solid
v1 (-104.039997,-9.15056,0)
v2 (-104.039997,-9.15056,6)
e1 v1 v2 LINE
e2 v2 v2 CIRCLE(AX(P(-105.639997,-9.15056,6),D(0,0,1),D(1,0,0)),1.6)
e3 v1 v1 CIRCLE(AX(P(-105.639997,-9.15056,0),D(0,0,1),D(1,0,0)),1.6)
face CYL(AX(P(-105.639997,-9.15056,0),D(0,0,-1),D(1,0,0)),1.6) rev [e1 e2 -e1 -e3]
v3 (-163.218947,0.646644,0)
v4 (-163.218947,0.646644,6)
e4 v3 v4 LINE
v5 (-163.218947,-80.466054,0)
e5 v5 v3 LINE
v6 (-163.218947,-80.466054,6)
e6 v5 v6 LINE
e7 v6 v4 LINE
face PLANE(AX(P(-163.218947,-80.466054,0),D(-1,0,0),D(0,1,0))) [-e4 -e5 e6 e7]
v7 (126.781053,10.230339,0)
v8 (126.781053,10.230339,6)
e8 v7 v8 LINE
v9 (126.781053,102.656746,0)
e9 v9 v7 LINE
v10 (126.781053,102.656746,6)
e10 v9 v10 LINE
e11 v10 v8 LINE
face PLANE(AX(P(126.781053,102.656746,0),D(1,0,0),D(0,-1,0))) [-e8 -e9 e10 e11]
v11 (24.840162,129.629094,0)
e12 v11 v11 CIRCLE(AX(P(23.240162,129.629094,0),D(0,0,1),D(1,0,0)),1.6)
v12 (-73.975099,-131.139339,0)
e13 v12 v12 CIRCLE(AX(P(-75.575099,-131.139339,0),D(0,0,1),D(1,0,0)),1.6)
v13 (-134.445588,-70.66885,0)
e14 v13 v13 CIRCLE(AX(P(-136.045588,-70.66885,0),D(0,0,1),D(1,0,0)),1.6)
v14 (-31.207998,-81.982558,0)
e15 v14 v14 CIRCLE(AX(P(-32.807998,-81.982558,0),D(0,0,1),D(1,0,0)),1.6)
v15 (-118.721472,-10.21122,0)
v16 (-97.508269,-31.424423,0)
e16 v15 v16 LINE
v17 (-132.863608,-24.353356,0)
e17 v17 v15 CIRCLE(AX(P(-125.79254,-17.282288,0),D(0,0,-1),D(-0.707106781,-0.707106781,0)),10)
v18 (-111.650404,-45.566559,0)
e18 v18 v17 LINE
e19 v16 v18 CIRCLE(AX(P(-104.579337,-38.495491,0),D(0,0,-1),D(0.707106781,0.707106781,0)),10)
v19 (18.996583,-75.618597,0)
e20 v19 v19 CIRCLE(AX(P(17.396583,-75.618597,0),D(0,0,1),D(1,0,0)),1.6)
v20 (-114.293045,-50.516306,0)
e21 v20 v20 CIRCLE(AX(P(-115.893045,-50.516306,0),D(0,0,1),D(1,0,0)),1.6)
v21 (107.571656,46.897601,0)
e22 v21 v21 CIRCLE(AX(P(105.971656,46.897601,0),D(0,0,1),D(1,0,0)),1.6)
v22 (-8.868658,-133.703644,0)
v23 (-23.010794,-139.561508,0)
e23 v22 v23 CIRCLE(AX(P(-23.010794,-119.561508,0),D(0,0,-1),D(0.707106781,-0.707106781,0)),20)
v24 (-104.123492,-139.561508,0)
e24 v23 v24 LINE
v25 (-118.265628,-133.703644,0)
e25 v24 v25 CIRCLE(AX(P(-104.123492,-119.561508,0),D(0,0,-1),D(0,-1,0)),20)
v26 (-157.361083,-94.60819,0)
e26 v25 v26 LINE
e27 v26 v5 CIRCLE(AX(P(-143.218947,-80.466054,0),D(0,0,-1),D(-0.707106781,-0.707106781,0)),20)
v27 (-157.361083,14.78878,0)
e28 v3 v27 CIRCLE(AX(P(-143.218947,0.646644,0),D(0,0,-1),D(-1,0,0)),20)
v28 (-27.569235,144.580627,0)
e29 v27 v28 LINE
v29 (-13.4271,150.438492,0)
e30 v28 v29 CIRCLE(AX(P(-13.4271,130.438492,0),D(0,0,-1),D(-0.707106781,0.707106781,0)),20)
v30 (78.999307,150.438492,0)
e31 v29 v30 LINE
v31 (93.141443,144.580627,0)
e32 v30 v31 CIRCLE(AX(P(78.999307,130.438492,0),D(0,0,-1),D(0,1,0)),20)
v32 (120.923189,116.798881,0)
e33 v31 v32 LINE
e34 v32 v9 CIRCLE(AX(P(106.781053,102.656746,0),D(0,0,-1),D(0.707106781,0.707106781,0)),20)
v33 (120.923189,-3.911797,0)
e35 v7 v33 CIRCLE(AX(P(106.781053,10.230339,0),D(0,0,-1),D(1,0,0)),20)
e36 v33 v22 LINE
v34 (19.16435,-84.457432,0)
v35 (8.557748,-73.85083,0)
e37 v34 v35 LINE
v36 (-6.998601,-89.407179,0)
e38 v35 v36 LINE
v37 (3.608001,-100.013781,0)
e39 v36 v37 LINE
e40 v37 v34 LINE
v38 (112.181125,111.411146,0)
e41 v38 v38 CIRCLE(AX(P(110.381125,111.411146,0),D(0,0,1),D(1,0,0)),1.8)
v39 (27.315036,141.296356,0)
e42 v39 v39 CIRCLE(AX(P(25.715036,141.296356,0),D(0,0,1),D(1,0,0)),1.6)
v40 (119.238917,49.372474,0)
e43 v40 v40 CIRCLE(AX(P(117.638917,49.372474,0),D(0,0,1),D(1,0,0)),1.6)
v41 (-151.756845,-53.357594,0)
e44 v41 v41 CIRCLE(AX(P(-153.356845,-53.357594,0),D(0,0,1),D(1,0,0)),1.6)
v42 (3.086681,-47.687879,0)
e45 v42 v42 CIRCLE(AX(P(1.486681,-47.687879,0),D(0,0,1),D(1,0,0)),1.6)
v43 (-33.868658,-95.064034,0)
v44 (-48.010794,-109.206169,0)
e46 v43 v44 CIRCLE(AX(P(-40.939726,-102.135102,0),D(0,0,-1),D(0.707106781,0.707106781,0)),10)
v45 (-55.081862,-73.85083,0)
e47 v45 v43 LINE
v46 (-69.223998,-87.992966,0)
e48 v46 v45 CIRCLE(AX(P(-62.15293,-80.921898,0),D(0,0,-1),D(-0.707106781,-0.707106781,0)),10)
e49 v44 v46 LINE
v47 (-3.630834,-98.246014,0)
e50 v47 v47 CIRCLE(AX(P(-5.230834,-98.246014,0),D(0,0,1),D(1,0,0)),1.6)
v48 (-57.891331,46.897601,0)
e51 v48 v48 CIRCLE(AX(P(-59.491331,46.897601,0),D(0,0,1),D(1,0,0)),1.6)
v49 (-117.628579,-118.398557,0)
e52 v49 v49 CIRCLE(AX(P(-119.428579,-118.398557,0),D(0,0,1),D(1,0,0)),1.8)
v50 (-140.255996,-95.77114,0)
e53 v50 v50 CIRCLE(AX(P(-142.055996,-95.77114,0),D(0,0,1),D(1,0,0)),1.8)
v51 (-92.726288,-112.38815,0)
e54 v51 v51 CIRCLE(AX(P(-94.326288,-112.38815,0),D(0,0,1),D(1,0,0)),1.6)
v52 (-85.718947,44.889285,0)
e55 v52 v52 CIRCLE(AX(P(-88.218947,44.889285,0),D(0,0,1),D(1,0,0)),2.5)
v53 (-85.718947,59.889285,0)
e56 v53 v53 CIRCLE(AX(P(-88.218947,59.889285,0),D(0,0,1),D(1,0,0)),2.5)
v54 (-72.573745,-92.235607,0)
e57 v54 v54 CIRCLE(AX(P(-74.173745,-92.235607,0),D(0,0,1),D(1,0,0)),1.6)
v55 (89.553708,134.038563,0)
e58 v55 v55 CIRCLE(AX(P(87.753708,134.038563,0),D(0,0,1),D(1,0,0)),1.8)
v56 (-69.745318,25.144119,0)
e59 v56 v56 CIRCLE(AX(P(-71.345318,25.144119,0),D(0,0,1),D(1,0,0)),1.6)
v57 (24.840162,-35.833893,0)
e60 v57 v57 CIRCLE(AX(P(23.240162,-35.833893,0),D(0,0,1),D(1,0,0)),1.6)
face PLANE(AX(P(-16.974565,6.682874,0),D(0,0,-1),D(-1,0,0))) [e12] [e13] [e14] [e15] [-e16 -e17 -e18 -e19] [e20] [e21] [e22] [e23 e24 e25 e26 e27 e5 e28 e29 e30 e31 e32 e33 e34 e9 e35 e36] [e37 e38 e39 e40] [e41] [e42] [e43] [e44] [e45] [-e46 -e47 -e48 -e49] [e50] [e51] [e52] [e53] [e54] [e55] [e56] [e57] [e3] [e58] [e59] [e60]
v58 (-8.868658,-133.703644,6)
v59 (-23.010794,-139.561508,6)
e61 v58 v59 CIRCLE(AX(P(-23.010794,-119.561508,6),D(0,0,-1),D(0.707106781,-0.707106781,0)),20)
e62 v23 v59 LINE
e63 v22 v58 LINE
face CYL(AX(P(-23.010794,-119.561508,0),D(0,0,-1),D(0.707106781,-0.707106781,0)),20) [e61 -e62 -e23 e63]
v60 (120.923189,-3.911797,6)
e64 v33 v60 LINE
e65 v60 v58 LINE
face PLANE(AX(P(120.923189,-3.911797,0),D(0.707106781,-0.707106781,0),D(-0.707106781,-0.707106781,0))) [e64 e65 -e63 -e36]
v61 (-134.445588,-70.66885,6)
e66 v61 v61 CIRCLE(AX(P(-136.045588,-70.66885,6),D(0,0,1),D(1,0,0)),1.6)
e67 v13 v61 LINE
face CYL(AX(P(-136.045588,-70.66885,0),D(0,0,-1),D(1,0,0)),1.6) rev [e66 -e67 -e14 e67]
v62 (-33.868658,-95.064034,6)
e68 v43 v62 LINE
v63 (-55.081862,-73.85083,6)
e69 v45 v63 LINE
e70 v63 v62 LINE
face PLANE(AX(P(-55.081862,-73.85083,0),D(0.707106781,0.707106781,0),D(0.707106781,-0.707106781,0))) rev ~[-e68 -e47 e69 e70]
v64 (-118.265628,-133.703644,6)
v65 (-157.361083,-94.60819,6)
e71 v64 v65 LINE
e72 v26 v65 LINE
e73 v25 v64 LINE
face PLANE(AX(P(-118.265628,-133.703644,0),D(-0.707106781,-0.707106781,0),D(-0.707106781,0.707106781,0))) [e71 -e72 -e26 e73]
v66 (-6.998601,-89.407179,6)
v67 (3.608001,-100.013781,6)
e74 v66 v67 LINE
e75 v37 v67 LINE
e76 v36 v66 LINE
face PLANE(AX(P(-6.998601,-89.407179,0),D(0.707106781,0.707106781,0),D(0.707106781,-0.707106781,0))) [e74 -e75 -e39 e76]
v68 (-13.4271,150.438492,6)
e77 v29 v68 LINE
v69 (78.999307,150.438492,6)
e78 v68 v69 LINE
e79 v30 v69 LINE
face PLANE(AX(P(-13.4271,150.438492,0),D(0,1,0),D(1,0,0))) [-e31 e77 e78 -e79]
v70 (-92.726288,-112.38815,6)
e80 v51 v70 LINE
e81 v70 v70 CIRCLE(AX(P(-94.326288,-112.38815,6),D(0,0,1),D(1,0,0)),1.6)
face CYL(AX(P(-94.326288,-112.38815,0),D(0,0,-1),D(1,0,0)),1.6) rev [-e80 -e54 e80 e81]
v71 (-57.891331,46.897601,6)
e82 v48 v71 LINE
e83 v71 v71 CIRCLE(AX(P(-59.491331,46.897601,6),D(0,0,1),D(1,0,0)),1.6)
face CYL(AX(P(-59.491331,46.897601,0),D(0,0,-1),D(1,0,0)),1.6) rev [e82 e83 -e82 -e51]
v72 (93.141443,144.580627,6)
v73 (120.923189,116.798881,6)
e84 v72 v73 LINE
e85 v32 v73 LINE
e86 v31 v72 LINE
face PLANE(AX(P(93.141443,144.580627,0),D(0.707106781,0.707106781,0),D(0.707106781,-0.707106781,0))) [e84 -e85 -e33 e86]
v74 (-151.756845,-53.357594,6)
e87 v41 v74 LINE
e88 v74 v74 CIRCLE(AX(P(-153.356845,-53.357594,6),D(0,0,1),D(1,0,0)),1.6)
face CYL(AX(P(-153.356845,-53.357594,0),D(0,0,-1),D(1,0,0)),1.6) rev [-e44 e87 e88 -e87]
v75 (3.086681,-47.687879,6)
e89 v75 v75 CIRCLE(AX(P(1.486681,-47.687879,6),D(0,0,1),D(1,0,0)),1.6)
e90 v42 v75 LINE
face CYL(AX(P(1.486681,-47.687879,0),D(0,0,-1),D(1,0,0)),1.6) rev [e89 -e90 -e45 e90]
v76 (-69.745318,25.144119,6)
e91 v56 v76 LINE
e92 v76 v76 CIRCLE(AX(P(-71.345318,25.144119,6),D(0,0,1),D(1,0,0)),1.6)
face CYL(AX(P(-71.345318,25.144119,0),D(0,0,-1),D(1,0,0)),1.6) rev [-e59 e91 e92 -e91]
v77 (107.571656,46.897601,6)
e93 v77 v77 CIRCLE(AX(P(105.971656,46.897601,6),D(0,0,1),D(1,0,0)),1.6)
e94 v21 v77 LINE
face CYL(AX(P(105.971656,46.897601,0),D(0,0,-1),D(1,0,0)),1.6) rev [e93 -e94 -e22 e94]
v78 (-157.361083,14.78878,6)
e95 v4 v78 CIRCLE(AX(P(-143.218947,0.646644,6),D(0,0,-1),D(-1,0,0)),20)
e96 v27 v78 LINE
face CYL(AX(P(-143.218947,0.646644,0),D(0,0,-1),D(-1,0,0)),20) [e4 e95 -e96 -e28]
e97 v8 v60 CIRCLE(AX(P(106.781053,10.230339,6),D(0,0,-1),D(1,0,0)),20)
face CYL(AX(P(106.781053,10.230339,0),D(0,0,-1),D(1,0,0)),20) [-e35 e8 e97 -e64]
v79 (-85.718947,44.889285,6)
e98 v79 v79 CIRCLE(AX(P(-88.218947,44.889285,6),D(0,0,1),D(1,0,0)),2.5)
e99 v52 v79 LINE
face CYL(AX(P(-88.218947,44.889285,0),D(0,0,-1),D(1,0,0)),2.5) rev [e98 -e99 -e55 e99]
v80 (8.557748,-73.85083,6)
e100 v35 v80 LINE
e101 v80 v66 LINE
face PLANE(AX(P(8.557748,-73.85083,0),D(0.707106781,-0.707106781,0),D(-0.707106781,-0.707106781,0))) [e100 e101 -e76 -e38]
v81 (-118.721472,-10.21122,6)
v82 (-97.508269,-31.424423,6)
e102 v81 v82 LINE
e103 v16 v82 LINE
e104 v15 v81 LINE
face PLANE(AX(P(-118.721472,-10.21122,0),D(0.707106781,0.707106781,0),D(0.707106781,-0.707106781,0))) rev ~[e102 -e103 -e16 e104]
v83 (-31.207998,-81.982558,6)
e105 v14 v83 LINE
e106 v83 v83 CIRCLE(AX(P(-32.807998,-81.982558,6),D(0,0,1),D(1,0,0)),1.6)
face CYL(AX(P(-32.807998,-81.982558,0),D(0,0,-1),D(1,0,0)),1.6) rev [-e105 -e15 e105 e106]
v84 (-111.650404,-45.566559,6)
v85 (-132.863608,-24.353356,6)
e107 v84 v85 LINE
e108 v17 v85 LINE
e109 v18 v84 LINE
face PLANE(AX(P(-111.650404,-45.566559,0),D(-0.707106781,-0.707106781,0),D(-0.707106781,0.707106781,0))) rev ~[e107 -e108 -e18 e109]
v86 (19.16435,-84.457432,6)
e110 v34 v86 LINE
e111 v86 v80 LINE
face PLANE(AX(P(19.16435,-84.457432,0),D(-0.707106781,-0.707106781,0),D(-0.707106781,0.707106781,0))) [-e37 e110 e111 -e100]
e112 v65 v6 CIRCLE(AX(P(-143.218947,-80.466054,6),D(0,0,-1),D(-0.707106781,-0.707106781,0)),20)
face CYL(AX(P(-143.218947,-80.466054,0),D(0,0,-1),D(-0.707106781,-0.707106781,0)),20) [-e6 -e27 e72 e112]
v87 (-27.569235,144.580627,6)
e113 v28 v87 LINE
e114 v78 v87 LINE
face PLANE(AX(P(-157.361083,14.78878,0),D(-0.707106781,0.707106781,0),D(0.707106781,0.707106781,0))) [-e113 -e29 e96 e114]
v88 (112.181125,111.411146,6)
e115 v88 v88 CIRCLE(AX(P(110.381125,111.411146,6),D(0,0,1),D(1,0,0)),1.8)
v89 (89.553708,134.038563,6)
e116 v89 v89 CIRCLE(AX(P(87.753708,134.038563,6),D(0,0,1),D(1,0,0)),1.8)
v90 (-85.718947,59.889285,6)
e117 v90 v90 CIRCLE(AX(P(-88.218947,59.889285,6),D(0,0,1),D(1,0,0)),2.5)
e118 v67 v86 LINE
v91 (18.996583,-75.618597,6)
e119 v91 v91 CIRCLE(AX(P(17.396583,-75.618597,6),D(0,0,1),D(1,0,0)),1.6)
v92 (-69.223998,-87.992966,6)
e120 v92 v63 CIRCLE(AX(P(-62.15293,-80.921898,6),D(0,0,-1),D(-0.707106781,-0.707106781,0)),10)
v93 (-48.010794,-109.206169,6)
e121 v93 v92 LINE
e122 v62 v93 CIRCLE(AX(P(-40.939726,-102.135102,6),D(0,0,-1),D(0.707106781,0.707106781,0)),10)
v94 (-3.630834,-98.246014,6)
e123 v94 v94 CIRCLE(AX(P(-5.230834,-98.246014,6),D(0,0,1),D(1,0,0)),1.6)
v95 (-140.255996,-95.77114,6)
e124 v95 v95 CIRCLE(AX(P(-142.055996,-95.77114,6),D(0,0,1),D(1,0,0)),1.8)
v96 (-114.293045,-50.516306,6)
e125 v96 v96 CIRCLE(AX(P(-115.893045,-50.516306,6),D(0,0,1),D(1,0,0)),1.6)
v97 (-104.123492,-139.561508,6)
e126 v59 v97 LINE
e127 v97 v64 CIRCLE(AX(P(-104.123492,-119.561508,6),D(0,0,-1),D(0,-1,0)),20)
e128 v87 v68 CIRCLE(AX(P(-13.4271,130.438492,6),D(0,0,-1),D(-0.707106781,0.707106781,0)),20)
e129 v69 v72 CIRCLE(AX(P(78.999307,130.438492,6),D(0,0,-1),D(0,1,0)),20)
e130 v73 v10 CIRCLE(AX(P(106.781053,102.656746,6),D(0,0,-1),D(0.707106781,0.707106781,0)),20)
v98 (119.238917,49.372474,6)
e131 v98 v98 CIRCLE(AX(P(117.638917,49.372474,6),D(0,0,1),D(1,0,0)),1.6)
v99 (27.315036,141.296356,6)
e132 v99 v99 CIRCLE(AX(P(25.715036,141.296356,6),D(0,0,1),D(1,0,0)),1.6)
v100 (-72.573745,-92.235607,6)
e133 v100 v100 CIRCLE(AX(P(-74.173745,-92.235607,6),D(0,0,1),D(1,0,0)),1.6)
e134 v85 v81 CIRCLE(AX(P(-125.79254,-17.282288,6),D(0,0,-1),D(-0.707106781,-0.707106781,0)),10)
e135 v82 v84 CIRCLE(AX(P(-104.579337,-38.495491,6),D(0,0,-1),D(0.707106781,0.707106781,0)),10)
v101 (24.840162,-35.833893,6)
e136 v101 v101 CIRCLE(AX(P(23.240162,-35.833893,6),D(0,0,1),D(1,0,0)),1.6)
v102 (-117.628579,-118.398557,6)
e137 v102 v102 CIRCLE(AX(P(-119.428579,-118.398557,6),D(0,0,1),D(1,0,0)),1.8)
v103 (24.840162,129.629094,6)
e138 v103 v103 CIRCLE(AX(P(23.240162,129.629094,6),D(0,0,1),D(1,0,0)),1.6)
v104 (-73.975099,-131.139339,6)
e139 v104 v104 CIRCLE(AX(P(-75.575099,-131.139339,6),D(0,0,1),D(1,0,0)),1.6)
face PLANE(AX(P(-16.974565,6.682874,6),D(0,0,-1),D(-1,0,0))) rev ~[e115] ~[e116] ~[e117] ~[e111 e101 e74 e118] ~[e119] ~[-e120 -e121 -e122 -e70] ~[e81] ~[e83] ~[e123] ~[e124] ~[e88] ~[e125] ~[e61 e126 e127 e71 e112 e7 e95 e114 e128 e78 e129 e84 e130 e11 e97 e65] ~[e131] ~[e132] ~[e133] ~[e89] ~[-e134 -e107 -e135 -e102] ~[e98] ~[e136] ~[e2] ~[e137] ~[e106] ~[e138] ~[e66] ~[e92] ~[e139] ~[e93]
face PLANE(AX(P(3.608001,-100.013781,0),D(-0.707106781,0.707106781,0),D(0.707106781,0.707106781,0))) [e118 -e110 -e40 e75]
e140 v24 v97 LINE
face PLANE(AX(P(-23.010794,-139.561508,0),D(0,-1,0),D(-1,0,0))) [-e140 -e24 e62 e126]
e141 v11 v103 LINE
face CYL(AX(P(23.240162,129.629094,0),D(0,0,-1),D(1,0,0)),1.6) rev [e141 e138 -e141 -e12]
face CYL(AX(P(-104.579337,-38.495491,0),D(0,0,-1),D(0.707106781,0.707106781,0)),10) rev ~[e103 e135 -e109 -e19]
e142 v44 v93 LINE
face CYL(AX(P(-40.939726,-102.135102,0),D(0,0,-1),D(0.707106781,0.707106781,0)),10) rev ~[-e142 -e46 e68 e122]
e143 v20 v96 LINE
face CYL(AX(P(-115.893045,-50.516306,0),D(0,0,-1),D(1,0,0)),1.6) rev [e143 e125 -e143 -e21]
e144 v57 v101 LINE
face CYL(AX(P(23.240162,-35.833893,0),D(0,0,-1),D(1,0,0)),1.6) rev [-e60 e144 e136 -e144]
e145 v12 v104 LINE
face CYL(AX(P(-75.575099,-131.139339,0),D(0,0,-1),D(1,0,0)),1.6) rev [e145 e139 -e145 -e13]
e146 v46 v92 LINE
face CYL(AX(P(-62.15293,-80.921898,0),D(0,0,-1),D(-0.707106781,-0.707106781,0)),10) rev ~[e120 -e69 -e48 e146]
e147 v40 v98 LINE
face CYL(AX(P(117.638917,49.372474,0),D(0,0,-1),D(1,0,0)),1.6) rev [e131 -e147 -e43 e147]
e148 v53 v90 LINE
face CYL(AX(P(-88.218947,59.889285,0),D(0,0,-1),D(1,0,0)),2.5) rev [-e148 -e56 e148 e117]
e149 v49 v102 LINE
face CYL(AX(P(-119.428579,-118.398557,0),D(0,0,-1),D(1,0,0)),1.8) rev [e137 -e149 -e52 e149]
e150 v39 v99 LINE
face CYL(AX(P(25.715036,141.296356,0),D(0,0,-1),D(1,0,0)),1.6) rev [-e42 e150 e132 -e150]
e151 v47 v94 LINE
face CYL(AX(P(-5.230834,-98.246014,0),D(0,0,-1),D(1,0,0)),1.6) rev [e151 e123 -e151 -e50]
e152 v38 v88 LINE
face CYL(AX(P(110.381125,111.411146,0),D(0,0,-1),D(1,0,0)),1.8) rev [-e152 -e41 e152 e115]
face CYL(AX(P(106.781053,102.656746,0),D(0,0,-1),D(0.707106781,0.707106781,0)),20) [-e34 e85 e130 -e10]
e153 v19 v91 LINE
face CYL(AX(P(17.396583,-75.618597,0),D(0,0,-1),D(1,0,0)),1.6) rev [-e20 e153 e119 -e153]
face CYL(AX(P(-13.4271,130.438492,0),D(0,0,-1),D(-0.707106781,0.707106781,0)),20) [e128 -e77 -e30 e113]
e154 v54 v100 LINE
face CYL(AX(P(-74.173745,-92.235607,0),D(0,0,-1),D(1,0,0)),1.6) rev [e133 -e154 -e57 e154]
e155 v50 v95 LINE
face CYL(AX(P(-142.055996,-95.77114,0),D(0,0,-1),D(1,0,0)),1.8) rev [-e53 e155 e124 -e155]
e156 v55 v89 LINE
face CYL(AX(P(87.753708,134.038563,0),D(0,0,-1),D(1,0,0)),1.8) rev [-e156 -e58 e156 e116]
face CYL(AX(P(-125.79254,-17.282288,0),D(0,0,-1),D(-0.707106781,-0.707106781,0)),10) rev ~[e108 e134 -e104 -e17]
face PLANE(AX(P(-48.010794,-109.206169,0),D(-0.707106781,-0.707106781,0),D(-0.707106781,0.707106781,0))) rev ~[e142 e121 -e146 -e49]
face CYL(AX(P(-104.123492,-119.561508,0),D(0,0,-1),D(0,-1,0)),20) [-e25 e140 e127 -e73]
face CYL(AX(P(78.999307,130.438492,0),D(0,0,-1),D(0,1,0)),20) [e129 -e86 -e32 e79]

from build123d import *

# Parameters (mm, degrees)
SKETCH1_R           = 1.8
SKETCH1_R_2         = 1.6
SKETCH1_R_3         = 2.5
BOSS_EXTRUDE1_DEPTH = 6


with BuildPart() as part:
    # Sketch1 → Boss-Extrude1 (new body)
    with BuildSketch(Plane.XY):
        with BuildLine():
            Line((-157.361082537, 14.788780041), (-27.569235339, 144.58062724))
            ThreePointArc((-27.569235339, 144.58062724), (-21.080768362, 148.916082266), (-13.427099715, 150.438491616))
            Line((-13.427099715, 150.438491616), (78.999307156, 150.438491616))
            ThreePointArc((78.999307156, 150.438491616), (86.652975803, 148.916082266), (93.14144278, 144.58062724))
            Line((93.14144278, 144.58062724), (120.92318871, 116.798881309))
            ThreePointArc((120.92318871, 116.798881309), (125.258643737, 110.310414333), (126.781053087, 102.656745685))
            Line((126.781053087, 102.656745685), (126.781053087, 10.230338814))
            ThreePointArc((126.781053087, 10.230338814), (125.258643737, 2.576670167), (120.92318871, -3.91179681))
            Line((120.92318871, -3.91179681), (-8.868658488, -133.703644008))
            ThreePointArc((-8.868658488, -133.703644008), (-15.357125464, -138.039099034), (-23.010794112, -139.561508384))
            Line((-23.010794112, -139.561508384), (-104.123492484, -139.561508384))
            ThreePointArc((-104.123492484, -139.561508384), (-111.777161131, -138.039099034), (-118.265628108, -133.703644008))
            Line((-118.265628108, -133.703644008), (-157.361082537, -94.608189578))
            ThreePointArc((-157.361082537, -94.608189578), (-161.696537564, -88.119722602), (-163.218946913, -80.466053955))
            Line((-163.218946913, -80.466053955), (-163.218946913, 0.646644418))
            ThreePointArc((-163.218946913, 0.646644418), (-161.696537564, 8.300313065), (-157.361082537, 14.788780041))
        make_face()
        with Locations((-142.055996009, -95.771140482)):
            Circle(SKETCH1_R, mode=Mode.SUBTRACT)
        with Locations((-119.428579011, -118.39855748)):
            Circle(SKETCH1_R, mode=Mode.SUBTRACT)
        with Locations((87.753707876, 134.038563403)):
            Circle(SKETCH1_R, mode=Mode.SUBTRACT)
        with Locations((110.381124874, 111.411146405)):
            Circle(SKETCH1_R, mode=Mode.SUBTRACT)
        with Locations((23.240162175, 129.629094103)):
            Circle(SKETCH1_R_2, mode=Mode.SUBTRACT)
        with Locations((-59.491331224, 46.897600704)):
            Circle(SKETCH1_R_2, mode=Mode.SUBTRACT)
        with Locations((105.971655573, 46.897600704)):
            Circle(SKETCH1_R_2, mode=Mode.SUBTRACT)
        with Locations((23.240162175, -35.833892695)):
            Circle(SKETCH1_R_2, mode=Mode.SUBTRACT)
        with Locations((-153.35684456, -53.357593559)):
            Circle(SKETCH1_R_2, mode=Mode.SUBTRACT)
        with Locations((-75.57509863, -131.13933949)):
            Circle(SKETCH1_R_2, mode=Mode.SUBTRACT)
        with Locations((-105.639996778, -9.150559787)):
            Circle(SKETCH1_R_2, mode=Mode.SUBTRACT)
        with Locations((-32.807998316, -81.982558249)):
            Circle(SKETCH1_R_2, mode=Mode.SUBTRACT)
        with Locations((1.486680571, -47.687879362)):
            Circle(SKETCH1_R_2, mode=Mode.SUBTRACT)
        with Locations((-71.345317891, 25.144119101)):
            Circle(SKETCH1_R_2, mode=Mode.SUBTRACT)
        with Locations((-136.045588369, -70.66884975)):
            Circle(SKETCH1_R_2, mode=Mode.SUBTRACT)
        with Locations((-94.326288279, -112.38814984)):
            Circle(SKETCH1_R_2, mode=Mode.SUBTRACT)
        with Locations((-74.173745015, -92.235606576)):
            Circle(SKETCH1_R_2, mode=Mode.SUBTRACT)
        with Locations((-115.893045105, -50.516306486)):
            Circle(SKETCH1_R_2, mode=Mode.SUBTRACT)
        with Locations((-5.23083385, -98.246014216)):
            Circle(SKETCH1_R_2, mode=Mode.SUBTRACT)
        with Locations((17.396583148, -75.618597218)):
            Circle(SKETCH1_R_2, mode=Mode.SUBTRACT)
        with Locations((25.715035909, 141.296355992)):
            Circle(SKETCH1_R_2, mode=Mode.SUBTRACT)
        with Locations((117.638917463, 49.372474438)):
            Circle(SKETCH1_R_2, mode=Mode.SUBTRACT)
        with Locations((-88.218946913, 59.889285105)):
            Circle(SKETCH1_R_3, mode=Mode.SUBTRACT)
        with Locations((-88.218946913, 44.889285105)):
            Circle(SKETCH1_R_3, mode=Mode.SUBTRACT)
        with BuildLine():
            Line((-118.72147223, -10.211219959), (-97.508268795, -31.424423394))
            ThreePointArc((-97.508268795, -31.424423394), (-97.508268795, -45.566559018), (-111.650404418, -45.566559018))
            Line((-111.650404418, -45.566559018), (-132.863607854, -24.353355582))
            ThreePointArc((-132.863607854, -24.353355582), (-132.863607854, -10.211219959), (-118.72147223, -10.211219959))
        make_face(mode=Mode.SUBTRACT)
        with BuildLine():
            Line((-55.081861923, -73.850830265), (-33.868658488, -95.064033701))
            ThreePointArc((-33.868658488, -95.064033701), (-33.868658488, -109.206169325), (-48.010794112, -109.206169325))
            Line((-48.010794112, -109.206169325), (-69.223997547, -87.992965889))
            ThreePointArc((-69.223997547, -87.992965889), (-69.223997547, -73.850830265), (-55.081861923, -73.850830265))
        make_face(mode=Mode.SUBTRACT)
        Polygon((-6.998600803, -89.407179452), (3.608000915, -100.013781169), (19.164350101, -84.457431983), (8.557748383, -73.850830265), align=None, mode=Mode.SUBTRACT)
    extrude(amount=BOSS_EXTRUDE1_DEPTH)


solid = part.part
